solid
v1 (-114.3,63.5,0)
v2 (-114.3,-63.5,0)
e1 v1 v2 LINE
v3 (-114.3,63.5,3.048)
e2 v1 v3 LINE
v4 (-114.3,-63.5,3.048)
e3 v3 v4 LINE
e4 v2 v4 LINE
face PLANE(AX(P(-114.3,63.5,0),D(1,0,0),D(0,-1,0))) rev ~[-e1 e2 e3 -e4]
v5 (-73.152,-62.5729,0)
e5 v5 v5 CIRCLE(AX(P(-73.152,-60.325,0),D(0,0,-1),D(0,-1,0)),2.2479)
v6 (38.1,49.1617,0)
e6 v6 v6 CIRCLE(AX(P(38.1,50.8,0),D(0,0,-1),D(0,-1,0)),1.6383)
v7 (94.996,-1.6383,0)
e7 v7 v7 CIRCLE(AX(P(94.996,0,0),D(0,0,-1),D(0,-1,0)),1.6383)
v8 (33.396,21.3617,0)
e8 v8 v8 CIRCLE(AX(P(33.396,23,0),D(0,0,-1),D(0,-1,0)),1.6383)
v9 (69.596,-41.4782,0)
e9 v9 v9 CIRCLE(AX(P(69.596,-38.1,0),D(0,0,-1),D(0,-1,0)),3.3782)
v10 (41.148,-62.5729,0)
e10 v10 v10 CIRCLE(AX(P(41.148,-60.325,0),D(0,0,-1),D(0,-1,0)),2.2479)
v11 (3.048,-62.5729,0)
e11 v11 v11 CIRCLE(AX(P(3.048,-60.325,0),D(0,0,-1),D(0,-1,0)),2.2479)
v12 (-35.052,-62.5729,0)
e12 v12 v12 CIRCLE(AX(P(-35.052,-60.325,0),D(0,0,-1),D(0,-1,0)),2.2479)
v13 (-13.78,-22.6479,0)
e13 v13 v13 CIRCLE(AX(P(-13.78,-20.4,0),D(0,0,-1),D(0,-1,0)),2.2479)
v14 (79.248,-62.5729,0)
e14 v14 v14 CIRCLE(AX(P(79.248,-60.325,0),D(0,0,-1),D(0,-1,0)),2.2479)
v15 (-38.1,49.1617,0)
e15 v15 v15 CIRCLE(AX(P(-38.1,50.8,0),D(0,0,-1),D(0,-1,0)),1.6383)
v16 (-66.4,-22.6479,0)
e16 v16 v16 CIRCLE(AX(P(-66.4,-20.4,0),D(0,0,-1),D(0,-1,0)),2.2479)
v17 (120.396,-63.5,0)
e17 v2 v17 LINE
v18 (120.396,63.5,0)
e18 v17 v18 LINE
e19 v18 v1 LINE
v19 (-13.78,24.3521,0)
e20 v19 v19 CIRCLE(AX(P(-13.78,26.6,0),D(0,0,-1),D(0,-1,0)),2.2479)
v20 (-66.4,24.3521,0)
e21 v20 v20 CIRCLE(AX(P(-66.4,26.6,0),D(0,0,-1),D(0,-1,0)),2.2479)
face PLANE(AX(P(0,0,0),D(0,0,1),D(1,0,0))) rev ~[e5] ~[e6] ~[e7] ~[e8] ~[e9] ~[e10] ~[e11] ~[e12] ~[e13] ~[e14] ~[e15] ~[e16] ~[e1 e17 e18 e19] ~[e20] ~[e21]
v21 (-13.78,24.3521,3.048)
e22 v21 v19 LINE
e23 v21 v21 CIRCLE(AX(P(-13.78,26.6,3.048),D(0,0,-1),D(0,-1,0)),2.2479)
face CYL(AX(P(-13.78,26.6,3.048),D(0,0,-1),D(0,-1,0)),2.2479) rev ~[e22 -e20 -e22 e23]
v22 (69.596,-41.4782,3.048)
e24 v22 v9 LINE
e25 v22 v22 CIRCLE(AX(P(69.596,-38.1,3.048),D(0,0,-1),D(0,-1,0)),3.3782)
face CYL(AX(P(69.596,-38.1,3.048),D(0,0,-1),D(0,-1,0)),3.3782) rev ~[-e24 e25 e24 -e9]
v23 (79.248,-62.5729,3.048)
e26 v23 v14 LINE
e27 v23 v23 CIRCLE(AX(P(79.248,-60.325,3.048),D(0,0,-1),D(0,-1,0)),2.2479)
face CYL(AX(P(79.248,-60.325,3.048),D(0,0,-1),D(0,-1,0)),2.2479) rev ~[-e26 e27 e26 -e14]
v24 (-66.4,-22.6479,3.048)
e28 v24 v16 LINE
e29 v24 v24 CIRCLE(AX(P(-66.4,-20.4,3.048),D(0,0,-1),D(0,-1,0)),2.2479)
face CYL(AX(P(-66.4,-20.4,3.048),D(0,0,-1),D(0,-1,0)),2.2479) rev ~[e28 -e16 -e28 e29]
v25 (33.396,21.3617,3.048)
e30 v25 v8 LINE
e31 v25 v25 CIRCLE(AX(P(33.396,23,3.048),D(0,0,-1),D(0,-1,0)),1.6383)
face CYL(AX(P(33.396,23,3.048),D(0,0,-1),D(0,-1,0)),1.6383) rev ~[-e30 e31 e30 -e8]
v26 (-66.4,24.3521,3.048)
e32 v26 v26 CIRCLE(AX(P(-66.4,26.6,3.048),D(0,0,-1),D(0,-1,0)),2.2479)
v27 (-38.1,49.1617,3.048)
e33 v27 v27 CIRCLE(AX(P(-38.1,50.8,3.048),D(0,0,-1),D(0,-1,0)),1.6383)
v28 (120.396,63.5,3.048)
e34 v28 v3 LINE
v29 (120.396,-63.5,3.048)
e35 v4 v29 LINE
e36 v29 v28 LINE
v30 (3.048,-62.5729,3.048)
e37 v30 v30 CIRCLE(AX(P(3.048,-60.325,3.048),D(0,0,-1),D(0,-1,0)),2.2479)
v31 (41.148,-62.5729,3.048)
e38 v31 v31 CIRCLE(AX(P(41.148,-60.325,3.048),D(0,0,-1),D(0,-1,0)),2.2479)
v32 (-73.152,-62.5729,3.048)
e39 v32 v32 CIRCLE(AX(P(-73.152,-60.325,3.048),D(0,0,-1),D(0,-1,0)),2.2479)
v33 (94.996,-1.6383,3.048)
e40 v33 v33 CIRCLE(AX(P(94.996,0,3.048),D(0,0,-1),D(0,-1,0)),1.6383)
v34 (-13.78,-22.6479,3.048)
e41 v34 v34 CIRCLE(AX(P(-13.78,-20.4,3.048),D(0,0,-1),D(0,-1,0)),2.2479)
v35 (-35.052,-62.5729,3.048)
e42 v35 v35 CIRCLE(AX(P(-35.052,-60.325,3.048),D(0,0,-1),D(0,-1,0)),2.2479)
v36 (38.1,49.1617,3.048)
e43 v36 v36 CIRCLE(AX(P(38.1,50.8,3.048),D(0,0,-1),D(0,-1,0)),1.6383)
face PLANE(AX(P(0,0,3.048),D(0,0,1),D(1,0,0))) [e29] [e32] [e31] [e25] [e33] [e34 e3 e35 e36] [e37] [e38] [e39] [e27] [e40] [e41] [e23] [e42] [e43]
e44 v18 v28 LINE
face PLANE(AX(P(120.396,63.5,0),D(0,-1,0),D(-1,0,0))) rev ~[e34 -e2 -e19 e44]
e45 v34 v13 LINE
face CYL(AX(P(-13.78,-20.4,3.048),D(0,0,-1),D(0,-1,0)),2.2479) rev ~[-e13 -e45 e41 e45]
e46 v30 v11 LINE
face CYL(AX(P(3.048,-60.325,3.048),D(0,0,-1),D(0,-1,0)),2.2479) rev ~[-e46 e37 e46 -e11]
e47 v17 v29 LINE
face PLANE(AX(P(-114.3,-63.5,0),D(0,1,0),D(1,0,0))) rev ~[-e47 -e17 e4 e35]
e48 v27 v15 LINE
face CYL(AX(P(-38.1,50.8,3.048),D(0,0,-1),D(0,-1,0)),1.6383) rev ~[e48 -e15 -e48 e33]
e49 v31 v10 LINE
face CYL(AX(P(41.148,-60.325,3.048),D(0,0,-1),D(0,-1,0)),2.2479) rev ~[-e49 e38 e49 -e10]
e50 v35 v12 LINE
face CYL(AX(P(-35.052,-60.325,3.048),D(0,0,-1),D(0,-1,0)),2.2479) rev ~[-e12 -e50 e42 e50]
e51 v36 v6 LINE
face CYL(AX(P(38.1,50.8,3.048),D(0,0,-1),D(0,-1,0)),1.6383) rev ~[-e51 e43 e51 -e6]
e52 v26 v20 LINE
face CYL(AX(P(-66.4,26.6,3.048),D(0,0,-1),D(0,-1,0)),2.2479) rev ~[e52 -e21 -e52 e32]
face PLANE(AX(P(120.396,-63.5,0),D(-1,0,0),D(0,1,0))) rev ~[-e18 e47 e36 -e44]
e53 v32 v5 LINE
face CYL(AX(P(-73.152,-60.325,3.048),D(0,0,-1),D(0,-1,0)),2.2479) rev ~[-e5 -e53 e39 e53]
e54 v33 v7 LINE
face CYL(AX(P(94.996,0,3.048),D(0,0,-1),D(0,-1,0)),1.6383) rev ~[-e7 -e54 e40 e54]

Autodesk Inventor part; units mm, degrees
ref_plane "YZ Plane" through (0, 0, 0) normal (1, 0, 0) x (0, 1, 0)
ref_plane "XZ Plane" through (0, 0, 0) normal (0, 1, 0) x (-1, 0, 0)
ref_plane "XY Plane" through (0, 0, 0) normal (0, 0, 1) x (1, 0, 0)
sketch "Sketch1" plane through (0, 0, 0) normal (0, 0, 1) x (1, 0, 0)
  line L0 (120.396, 63.5) -> (-114.3, 63.5)
  line L1 (-114.3, 63.5) -> (-114.3, -63.5)
  line L2 (-114.3, -63.5) -> (120.396, -63.5)
  line L3 (120.396, -63.5) -> (120.396, 63.5)
  point P0 (0, 0)
  dimension "d0" = 234.696
  dimension "d1" = 127
extrude "Plate1" add sketch "Sketch1" along normal blind 3.048
sketch "Sketch2" plane through (0, 0, 3.048) normal (0, 0, 1) x (1, 0, 0)
  line L0 (-114.3, 63.5) -> (-114.3, -63.5) projected
  line L1 (-114.3, -63.5) -> (-114.3, -60.325)
  line L2 (-114.3, -60.325) -> (-73.152, -60.325)
  line L3 (-73.152, -60.325) -> (-35.052, -60.325)
  line L4 (-35.052, -60.325) -> (3.048, -60.325)
  line L5 (3.048, -60.325) -> (41.148, -60.325)
  line L6 (41.148, -60.325) -> (79.248, -60.325)
  line L7 (79.248, -60.325) -> (120.396, -60.325)
  line L8 (120.396, -63.5) -> (120.396, 63.5) projected
  point P0 (0, 0)
  dimension "d3" = 3.175
  dimension "d4" = 41.148
  dimension "d5" = 38.1
  dimension "d6" = 38.1
  dimension "d7" = 38.1
  dimension "d8" = 38.1
hole "Hole1" at (-73.152, -60.325, 3.048) at (-35.052, -60.325, 3.048) at (3.048, -60.325, 3.048) at (41.148, -60.325, 3.048) at (79.248, -60.325, 3.048) direction (0, 0, -1) diameter 4.4958 depth 3.048 clearance for "Hex Machine Screw" size "#8" standard "Ansi Unified Screw Threads"
sketch "Sketch3" plane through (0, 0, 3.048) normal (0, 0, 1) x (1, 0, 0)
  line L0 (-114.3, -63.5) -> (120.396, -63.5) projected
  line L1 (-114.3, -63.5) -> (-114.3, -50.8)
  line L2 (-114.3, 63.5) -> (-114.3, -63.5) projected
  line L3 (-114.3, -50.8) -> (-114.3, -25.4)
  line L4 (-114.3, -25.4) -> (-88.9, -25.4)
  line L5 (-88.9, -25.4) -> (-88.9, 31.6)
  line L6 (-88.9, 31.6) -> (-43.9, 31.6)
  line L7 (-43.9, 31.6) -> (-43.9, -25.4)
  line L8 (-43.9, -25.4) -> (-88.9, -25.4)
  line L9 (-43.9, 31.6) -> (-36.28, 31.6)
  line L10 (-36.28, 31.6) -> (-36.28, -25.4)
  line L11 (-36.28, -25.4) -> (8.72, -25.4)
  line L12 (8.72, -25.4) -> (8.72, 31.6)
  line L13 (8.72, 31.6) -> (-36.28, 31.6)
  point P0 (0, 0)
  dimension "d16" = 12.7
  dimension "d17" = 25.4
  dimension "d18" = 25.4
  dimension "d19" = 57
  dimension "d20" = 45
  dimension "d21" = 7.62
  dimension "d22" = 45
sketch "Sketch4" plane through (0, 0, 3.048) normal (0, 0, 1) x (1, 0, 0)
  line L0 (-88.9, 31.6) -> (-43.9, 31.6) projected
  line L1 (-43.9, -25.4) -> (-88.9, -25.4) projected
  line L2 (-36.28, -25.4) -> (8.72, -25.4) projected
  line L3 (8.72, 31.6) -> (-36.28, 31.6) projected
  line L4 (-66.4, 31.6) -> (-66.4, 26.6)
  line L5 (-66.4, -25.4) -> (-66.4, -20.4)
  line L6 (-13.78, -25.4) -> (-13.78, -20.4)
  line L7 (-13.78, 31.6) -> (-13.78, 26.6)
  point P0 (0, 0)
  dimension "d23" = 5
  dimension "d24" = 5
  dimension "d25" = 5
  dimension "d26" = 5
hole "Hole2" at (-66.4, 26.6, 3.048) at (-66.4, -20.4, 3.048) at (-13.78, -20.4, 3.048) at (-13.78, 26.6, 3.048) direction (0, 0, -1) diameter 4.4958 depth 3.048 clearance for "Hex Machine Screw" size "#8" standard "Ansi Unified Screw Threads"
sketch "Sketch5" plane through (0, 0, 3.048) normal (0, 0, 1) x (1, 0, 0)
  line L0 (-114.3, -63.5) -> (120.396, -63.5) projected
  line L1 (120.396, -63.5) -> (120.396, -50.8)
  line L2 (120.396, -63.5) -> (120.396, 63.5) projected
  line L3 (120.396, -50.8) -> (120.396, 0)
  line L4 (120.396, 0) -> (94.996, 0)
  line L5 (94.996, 0) -> (94.996, 61.6)
  line L6 (94.996, 61.6) -> (71.996, 61.6)
  line L7 (8.72, -25.4) -> (8.72, 31.6) projected
  line L8 (94.996, 0) -> (33.396, 0)
  line L9 (33.396, 0) -> (33.396, 23)
  line L10 (94.996, 0) -> (94.996, 23)
  point P0 (0, 0)
  dimension "d34" = 12.7
  dimension "d35" = 50.8
  dimension "d36" = 25.4
  dimension "d37" = 61.6
  dimension "d38" = 23
  dimension "d46" = 61.6
  dimension "d47" = 23
hole "Hole3" at (33.396, 23, 3.048) at (94.996, 0, 3.048) direction (0, 0, -1) diameter 3.2766 depth 3.048 clearance for "Hex Machine Screw" size "#4" standard "Ansi Unified Screw Threads"
sketch "Sketch6" plane through (0, 0, 3.048) normal (0, 0, 1) x (1, 0, 0)
  line L0 (-114.3, -63.5) -> (-114.3, 63.5) projected
  line L1 (-114.3, 63.5) -> (-114.3, 50.8)
  line L2 (-114.3, 50.8) -> (-38.1, 50.8)
  line L3 (-38.1, 50.8) -> (38.1, 50.8)
  point P0 (0, 0)
  dimension "d48" = 12.7
  dimension "d49" = 76.2
  dimension "d50" = 76.2
hole "Hole4" at (-38.1, 50.8, 3.048) at (38.1, 50.8, 3.048) direction (0, 0, -1) diameter 3.2766 end through all clearance for "Flat Head Machine Screw (82)" size "#4" standard "Ansi Unified Screw Threads"
sketch "Sketch7" plane through (0, 0, 3.048) normal (0, 0, 1) x (1, 0, 0)
  line L0 (120.396, -63.5) -> (69.596, -63.5)
  line L1 (120.396, -63.5) -> (-114.3, -63.5) projected
  line L2 (69.596, -63.5) -> (69.596, -38.1)
  line L3 (69.596, -38.1) -> (44.196, -38.1)
  line L4 (44.196, -38.1) -> (18.796, -38.1)
  point P0 (0, 0)
  dimension "d58" = 50.8
  dimension "d59" = 25.4
  dimension "d60" = 25.4
  dimension "d61" = 25.4
hole "Hole5" at (69.596, -38.1, 3.048) direction (0, 0, -1) diameter 6.7564 depth 3.048 clearance for "Flat Head Machine Screw (82)" size "1/4" standard "Ansi Unified Screw Threads"
equation "\"d14\" = Thickness"
equation "\"d32\" = Thickness"
equation "\"d44\" = Thickness"
equation "\"d56\" = Thickness"
equation "\"d67\" = Thickness"
equation "\"d2\" = Thickness"
equation "\"BendRadius\" = Thickness"
equation "\"BendReliefWidth\" = Thickness"
equation "\"BendReliefDepth\" = 0.5 * Thickness"
equation "\"CornerReliefSize\" = 4 * Thickness"
equation "\"MinimumRemnant\" = 2 * Thickness"
equation "\"TransitionRadius\" = BendRadius"
equation "\"JacobiRadiusSize\" = BendRadius"
equation "\"GapSize\" = Thickness"
equation "\"Thickness\" = 3.048"
properties part number "sheetmetalback2.0"
